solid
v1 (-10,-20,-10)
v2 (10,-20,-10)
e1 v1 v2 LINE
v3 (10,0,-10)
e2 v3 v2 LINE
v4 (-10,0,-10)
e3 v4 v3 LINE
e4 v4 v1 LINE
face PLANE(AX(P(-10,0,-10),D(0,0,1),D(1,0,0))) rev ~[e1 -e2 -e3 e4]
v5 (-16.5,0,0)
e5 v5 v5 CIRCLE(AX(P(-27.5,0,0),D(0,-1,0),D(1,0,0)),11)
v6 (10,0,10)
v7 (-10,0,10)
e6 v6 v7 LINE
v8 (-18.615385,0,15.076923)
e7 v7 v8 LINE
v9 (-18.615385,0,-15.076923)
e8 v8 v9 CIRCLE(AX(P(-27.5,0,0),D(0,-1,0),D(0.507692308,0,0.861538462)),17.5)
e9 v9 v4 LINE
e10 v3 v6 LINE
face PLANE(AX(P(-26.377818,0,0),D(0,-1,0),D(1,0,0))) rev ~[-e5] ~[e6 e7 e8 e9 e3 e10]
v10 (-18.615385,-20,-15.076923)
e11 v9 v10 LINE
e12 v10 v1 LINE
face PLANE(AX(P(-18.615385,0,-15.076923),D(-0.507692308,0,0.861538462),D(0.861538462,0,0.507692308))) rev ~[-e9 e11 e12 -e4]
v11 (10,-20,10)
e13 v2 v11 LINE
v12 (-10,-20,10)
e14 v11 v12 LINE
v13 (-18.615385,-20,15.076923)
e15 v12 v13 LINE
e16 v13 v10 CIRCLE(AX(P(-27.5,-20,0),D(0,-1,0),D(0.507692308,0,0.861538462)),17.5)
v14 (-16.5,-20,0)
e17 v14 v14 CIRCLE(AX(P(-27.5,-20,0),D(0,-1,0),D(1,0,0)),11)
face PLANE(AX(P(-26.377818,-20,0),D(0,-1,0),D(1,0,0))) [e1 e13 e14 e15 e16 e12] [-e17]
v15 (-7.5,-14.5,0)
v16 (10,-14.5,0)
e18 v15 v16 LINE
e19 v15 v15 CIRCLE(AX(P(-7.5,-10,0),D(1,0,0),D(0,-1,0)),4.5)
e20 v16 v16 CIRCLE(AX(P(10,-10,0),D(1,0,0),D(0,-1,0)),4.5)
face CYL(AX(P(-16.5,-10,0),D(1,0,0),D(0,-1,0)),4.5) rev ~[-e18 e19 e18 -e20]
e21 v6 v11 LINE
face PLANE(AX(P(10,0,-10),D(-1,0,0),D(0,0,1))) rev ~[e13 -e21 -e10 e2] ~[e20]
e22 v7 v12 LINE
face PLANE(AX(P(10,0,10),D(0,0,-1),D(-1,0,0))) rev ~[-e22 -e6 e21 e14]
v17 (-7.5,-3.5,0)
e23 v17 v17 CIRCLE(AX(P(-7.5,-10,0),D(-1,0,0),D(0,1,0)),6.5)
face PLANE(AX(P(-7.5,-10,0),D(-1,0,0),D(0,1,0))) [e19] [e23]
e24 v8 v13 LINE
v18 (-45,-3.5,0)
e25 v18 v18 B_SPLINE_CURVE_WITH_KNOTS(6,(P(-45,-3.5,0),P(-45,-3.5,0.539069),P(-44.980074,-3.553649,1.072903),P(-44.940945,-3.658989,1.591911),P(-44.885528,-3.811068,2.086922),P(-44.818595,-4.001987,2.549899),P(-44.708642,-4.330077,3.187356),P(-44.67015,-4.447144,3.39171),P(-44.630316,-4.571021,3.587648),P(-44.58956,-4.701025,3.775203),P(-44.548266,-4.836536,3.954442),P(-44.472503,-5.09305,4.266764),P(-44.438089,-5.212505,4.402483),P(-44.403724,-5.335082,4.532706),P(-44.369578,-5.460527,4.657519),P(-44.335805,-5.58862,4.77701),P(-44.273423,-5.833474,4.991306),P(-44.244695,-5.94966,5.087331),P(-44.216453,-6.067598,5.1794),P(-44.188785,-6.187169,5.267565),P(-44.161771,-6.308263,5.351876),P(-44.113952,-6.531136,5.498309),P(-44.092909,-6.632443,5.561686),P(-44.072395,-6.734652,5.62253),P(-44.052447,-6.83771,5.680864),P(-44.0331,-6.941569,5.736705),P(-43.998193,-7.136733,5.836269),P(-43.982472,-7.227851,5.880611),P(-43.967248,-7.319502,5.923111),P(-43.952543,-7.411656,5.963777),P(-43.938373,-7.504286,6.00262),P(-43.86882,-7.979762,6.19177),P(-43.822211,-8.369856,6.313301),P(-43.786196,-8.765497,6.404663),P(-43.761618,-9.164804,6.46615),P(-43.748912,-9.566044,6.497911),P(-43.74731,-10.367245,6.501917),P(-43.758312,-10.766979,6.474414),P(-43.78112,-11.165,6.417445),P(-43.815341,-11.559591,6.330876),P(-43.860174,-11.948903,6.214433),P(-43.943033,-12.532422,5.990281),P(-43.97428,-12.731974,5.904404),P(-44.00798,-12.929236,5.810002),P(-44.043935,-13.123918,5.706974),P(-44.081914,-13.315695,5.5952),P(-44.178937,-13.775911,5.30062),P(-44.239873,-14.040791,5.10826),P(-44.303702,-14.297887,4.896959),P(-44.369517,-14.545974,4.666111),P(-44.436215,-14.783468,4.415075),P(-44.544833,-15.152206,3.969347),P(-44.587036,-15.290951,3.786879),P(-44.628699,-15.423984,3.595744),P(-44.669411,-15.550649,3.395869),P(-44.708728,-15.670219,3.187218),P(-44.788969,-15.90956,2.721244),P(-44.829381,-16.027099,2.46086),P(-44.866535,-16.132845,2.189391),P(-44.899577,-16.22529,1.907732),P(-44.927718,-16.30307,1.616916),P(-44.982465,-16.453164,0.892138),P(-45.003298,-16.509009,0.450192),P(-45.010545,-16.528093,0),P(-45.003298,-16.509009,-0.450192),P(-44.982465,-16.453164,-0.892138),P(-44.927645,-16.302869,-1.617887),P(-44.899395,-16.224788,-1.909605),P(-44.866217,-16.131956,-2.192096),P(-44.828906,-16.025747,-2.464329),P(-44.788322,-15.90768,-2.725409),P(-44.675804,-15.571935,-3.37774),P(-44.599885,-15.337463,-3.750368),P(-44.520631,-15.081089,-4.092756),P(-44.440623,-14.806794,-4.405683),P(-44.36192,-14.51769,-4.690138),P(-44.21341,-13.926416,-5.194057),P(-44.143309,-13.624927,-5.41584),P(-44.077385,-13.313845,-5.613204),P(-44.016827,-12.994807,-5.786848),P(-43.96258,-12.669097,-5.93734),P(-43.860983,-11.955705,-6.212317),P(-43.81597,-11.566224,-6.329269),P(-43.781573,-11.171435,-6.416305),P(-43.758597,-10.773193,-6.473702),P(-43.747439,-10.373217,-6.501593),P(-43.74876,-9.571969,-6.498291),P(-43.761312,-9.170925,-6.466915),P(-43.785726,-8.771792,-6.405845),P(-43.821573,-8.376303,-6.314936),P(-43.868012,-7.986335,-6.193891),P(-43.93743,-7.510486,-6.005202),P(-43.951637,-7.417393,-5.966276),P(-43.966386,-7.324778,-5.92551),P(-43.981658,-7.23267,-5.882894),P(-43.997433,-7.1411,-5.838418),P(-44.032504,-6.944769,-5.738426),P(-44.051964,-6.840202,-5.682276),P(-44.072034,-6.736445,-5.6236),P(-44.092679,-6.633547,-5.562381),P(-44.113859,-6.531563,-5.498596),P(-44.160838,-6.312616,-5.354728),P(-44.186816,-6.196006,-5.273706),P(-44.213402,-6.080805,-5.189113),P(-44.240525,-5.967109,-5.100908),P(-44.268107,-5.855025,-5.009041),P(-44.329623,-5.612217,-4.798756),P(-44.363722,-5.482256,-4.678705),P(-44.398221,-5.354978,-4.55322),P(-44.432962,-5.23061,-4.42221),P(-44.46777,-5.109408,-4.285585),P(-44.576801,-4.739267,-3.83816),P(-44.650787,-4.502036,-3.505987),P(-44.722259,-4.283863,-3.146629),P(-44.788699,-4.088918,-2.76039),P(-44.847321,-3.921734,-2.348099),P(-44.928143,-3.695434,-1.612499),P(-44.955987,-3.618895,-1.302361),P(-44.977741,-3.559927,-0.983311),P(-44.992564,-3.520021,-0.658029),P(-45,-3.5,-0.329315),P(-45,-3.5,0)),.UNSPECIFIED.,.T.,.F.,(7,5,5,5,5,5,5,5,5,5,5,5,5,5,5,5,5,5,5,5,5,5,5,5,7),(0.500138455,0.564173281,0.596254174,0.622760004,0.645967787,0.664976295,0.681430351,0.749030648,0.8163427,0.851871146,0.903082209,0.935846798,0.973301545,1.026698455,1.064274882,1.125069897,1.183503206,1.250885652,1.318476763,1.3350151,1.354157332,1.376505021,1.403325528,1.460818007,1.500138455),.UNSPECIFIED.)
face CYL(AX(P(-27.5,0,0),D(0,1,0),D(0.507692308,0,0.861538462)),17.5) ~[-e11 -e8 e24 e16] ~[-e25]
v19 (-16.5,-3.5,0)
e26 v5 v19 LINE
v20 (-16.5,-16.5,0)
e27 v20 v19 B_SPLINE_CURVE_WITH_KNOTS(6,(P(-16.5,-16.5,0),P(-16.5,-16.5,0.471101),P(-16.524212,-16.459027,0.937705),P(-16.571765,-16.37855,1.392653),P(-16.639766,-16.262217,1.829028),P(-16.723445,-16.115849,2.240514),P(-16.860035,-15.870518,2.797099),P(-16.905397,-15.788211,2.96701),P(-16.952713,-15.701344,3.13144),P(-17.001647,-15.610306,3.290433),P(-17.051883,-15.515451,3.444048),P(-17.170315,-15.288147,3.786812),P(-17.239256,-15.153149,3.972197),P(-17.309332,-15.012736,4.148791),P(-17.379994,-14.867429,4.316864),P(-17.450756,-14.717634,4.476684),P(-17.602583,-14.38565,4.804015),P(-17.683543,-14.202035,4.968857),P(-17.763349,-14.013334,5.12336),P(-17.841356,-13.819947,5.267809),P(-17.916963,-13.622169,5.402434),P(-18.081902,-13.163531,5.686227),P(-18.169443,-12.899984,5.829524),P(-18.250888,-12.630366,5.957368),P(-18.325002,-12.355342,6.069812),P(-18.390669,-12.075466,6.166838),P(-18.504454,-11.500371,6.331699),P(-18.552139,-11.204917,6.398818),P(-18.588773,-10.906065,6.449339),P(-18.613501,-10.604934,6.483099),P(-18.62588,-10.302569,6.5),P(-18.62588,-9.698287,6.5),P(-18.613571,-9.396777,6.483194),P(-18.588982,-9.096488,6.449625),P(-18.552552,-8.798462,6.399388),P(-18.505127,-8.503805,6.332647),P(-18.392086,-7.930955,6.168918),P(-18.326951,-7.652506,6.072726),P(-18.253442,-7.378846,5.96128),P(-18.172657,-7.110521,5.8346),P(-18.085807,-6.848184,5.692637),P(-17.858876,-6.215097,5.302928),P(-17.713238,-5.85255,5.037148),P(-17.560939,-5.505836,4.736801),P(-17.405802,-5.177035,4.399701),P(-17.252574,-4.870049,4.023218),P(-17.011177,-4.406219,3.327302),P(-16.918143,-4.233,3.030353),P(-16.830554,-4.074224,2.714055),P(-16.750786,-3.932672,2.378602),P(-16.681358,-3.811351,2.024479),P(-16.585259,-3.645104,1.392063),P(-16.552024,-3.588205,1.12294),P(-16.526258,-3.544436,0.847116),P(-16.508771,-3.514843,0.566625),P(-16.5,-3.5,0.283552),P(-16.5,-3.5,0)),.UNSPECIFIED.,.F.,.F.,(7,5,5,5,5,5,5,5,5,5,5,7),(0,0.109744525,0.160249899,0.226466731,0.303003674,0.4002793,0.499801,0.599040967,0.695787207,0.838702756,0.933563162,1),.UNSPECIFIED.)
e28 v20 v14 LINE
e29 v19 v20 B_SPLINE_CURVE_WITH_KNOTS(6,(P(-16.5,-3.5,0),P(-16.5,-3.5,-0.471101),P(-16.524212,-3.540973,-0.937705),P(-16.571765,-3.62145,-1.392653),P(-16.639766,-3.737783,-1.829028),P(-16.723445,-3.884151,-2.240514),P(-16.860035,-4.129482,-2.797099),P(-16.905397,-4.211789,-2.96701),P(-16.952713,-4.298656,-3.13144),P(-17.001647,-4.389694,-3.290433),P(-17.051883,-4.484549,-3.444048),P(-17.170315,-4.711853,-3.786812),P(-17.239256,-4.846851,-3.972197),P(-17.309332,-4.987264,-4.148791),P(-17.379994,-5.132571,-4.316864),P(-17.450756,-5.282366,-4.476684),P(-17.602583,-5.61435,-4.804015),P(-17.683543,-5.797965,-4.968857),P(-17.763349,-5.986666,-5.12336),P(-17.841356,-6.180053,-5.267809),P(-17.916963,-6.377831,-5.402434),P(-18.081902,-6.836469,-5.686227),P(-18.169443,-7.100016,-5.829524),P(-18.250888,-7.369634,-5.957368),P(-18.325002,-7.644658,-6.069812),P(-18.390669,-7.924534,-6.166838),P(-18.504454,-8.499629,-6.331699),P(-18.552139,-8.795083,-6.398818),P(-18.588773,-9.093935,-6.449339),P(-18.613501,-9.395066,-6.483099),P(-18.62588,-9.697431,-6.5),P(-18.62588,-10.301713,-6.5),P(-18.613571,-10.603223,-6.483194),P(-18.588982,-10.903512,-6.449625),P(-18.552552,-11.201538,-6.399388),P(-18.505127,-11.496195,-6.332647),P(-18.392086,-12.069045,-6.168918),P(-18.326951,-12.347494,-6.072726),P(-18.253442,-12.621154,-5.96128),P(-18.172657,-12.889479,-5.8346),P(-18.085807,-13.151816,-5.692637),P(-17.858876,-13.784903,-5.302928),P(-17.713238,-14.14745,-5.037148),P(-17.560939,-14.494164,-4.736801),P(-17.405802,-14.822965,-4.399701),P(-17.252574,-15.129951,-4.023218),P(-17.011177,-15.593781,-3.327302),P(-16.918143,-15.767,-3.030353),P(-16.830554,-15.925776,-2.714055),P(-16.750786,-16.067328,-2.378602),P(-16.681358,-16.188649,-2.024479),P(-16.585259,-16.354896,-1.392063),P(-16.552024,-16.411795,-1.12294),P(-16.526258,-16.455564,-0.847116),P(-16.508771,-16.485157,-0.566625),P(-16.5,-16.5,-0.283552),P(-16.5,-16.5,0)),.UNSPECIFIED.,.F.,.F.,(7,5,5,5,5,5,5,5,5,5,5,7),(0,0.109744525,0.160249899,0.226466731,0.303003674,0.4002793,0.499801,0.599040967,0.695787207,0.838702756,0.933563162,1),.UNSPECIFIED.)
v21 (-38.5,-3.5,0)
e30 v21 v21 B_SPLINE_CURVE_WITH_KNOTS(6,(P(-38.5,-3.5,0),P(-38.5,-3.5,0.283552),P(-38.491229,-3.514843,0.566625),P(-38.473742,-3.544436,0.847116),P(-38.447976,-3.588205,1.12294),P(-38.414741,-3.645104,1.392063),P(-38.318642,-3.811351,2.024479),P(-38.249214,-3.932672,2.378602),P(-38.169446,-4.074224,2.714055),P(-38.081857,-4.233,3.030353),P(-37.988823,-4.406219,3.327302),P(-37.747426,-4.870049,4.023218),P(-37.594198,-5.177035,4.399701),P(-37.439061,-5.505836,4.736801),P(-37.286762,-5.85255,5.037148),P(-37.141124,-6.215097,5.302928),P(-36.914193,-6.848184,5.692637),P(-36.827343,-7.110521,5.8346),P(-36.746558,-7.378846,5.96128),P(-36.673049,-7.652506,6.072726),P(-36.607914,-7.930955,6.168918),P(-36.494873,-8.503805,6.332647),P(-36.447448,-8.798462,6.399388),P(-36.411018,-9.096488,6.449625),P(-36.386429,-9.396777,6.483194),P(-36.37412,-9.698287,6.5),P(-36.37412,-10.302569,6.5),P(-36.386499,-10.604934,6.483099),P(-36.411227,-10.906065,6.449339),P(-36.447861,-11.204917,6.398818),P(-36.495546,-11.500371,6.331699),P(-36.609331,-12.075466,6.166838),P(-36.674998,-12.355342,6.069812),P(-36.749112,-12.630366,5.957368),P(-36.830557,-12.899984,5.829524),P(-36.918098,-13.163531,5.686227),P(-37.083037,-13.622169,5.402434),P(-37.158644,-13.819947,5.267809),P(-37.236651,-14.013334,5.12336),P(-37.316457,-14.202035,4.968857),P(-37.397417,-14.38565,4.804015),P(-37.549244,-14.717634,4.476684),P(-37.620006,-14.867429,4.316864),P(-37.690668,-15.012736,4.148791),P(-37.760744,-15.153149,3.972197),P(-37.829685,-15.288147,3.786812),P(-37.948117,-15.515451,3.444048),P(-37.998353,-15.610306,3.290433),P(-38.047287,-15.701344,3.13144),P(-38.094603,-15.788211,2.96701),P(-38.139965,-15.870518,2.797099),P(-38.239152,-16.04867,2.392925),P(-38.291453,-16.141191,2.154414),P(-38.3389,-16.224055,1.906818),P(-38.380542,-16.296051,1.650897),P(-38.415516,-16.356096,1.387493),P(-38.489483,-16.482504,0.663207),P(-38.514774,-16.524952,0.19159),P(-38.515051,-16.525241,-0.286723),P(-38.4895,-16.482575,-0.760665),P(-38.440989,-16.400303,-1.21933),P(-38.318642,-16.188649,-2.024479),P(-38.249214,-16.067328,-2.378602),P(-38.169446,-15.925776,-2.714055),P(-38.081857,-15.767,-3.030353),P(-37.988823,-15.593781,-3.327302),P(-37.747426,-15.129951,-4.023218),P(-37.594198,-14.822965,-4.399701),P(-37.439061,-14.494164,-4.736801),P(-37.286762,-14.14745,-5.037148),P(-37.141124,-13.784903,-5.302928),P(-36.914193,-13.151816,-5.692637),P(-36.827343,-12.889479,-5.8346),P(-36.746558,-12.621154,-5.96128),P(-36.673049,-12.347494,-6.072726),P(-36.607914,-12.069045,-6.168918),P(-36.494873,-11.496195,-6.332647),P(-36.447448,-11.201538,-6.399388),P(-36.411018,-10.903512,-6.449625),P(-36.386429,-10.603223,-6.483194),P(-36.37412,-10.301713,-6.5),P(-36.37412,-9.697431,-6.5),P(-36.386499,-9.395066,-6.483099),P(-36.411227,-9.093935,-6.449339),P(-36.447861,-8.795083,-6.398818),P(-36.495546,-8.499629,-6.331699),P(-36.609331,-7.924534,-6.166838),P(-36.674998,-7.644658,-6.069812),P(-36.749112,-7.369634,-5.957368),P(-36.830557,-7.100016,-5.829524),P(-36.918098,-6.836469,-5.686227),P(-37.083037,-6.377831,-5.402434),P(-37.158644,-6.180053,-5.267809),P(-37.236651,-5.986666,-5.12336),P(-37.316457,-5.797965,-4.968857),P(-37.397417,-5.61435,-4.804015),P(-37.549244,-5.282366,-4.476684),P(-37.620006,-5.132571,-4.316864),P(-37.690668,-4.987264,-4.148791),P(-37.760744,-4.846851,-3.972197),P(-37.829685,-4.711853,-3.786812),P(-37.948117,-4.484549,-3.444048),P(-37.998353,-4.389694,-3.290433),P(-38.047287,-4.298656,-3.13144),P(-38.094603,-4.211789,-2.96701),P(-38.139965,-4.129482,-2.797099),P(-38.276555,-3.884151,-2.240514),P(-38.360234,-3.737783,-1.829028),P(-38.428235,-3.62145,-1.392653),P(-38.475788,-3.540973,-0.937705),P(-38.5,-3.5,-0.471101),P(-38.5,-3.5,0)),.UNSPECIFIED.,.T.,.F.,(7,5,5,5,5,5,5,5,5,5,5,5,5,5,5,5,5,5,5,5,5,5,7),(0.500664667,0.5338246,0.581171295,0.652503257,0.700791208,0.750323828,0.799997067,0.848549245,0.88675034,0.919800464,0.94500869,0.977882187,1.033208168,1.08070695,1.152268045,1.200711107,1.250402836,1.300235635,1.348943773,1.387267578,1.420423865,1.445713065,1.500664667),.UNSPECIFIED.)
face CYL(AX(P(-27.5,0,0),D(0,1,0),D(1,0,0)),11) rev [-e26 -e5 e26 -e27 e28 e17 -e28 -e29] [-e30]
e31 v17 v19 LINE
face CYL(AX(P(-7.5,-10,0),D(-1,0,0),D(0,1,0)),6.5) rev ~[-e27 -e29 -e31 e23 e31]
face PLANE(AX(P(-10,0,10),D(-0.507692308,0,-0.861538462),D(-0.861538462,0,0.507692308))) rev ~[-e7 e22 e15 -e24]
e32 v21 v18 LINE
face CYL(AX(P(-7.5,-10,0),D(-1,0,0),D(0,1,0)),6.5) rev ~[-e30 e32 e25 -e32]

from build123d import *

# Parameters (mm, degrees)
F0_R           = 11
F1_DEPTH       = 20
F5_D           = 9
F5_START       = 3.5000001
F5_CBORE_D     = 13
F5_CBORE_DEPTH = 9
F9_D           = 13
F9_DEPTH       = 20
F9_START       = 1.2519233
F9_TIP         = 3.9055940237


with BuildPart() as f1:
    # F0 (on Front) → F1 (new body)
    with BuildSketch(Plane.XZ):
        with BuildLine():
            ThreePointArc((-18.6153846154, -15.0769230769), (-12.3057450128, -8.6824314212), (-10, 0))
            ThreePointArc((-10, 0), (-12.3057450128, 8.6824314212), (-18.6153846154, 15.0769230769))
            ThreePointArc((-18.6153846154, 15.0769230769), (-45, 0), (-18.6153846154, -15.0769230769))
        make_face()
        with Locations((-27.5, 0)):
            Circle(F0_R, mode=Mode.SUBTRACT)
        with BuildLine():
            ThreePointArc((-18.6153846154, 15.0769230769), (-12.3057450128, 8.6824314212), (-10, 0))
            Line((-10, 0), (-10, 10))
            Line((-10, 10), (-18.6153846154, 15.0769230769))
        make_face()
        with BuildLine():
            Line((-18.6153846154, -15.0769230769), (-10, -10))
            Line((-10, -10), (-10, 0))
            ThreePointArc((-10, 0), (-12.3057450128, -8.6824314212), (-18.6153846154, -15.0769230769))
        make_face()
        Polygon((-10, -10), (10, -10), (10, 10), (-10, 10), (-10, 0), align=None)
    extrude(amount=F1_DEPTH)

    # F5 (through all)
    # its depths count from where the whole tool has entered the part; down to there all is cleared
    with Locations(Plane(origin=(-20, 0, 0), x_dir=(0, 1, 0), z_dir=(-1, 0, 0)).offset(-F5_START)):
        with Locations((-10, 0)):
            CounterBoreHole(F5_D / 2, F5_CBORE_D / 2, F5_CBORE_DEPTH)

    # F9
    # its depths count from where the whole tool has entered the part; down to there all is cleared
    with Locations(Plane(origin=(-45, 0, 0), x_dir=(0, 1, 0), z_dir=(-1, 0, 0)).offset(-F9_START)):
        with Locations((-10, 0)):
            Hole(F9_D / 2, depth=F9_DEPTH)
            with Locations((0, 0, -(F9_DEPTH + F9_TIP / 2))):  # 118° drill point
                Cone(0, F9_D / 2, F9_TIP, mode=Mode.SUBTRACT)


solid = f1.part
